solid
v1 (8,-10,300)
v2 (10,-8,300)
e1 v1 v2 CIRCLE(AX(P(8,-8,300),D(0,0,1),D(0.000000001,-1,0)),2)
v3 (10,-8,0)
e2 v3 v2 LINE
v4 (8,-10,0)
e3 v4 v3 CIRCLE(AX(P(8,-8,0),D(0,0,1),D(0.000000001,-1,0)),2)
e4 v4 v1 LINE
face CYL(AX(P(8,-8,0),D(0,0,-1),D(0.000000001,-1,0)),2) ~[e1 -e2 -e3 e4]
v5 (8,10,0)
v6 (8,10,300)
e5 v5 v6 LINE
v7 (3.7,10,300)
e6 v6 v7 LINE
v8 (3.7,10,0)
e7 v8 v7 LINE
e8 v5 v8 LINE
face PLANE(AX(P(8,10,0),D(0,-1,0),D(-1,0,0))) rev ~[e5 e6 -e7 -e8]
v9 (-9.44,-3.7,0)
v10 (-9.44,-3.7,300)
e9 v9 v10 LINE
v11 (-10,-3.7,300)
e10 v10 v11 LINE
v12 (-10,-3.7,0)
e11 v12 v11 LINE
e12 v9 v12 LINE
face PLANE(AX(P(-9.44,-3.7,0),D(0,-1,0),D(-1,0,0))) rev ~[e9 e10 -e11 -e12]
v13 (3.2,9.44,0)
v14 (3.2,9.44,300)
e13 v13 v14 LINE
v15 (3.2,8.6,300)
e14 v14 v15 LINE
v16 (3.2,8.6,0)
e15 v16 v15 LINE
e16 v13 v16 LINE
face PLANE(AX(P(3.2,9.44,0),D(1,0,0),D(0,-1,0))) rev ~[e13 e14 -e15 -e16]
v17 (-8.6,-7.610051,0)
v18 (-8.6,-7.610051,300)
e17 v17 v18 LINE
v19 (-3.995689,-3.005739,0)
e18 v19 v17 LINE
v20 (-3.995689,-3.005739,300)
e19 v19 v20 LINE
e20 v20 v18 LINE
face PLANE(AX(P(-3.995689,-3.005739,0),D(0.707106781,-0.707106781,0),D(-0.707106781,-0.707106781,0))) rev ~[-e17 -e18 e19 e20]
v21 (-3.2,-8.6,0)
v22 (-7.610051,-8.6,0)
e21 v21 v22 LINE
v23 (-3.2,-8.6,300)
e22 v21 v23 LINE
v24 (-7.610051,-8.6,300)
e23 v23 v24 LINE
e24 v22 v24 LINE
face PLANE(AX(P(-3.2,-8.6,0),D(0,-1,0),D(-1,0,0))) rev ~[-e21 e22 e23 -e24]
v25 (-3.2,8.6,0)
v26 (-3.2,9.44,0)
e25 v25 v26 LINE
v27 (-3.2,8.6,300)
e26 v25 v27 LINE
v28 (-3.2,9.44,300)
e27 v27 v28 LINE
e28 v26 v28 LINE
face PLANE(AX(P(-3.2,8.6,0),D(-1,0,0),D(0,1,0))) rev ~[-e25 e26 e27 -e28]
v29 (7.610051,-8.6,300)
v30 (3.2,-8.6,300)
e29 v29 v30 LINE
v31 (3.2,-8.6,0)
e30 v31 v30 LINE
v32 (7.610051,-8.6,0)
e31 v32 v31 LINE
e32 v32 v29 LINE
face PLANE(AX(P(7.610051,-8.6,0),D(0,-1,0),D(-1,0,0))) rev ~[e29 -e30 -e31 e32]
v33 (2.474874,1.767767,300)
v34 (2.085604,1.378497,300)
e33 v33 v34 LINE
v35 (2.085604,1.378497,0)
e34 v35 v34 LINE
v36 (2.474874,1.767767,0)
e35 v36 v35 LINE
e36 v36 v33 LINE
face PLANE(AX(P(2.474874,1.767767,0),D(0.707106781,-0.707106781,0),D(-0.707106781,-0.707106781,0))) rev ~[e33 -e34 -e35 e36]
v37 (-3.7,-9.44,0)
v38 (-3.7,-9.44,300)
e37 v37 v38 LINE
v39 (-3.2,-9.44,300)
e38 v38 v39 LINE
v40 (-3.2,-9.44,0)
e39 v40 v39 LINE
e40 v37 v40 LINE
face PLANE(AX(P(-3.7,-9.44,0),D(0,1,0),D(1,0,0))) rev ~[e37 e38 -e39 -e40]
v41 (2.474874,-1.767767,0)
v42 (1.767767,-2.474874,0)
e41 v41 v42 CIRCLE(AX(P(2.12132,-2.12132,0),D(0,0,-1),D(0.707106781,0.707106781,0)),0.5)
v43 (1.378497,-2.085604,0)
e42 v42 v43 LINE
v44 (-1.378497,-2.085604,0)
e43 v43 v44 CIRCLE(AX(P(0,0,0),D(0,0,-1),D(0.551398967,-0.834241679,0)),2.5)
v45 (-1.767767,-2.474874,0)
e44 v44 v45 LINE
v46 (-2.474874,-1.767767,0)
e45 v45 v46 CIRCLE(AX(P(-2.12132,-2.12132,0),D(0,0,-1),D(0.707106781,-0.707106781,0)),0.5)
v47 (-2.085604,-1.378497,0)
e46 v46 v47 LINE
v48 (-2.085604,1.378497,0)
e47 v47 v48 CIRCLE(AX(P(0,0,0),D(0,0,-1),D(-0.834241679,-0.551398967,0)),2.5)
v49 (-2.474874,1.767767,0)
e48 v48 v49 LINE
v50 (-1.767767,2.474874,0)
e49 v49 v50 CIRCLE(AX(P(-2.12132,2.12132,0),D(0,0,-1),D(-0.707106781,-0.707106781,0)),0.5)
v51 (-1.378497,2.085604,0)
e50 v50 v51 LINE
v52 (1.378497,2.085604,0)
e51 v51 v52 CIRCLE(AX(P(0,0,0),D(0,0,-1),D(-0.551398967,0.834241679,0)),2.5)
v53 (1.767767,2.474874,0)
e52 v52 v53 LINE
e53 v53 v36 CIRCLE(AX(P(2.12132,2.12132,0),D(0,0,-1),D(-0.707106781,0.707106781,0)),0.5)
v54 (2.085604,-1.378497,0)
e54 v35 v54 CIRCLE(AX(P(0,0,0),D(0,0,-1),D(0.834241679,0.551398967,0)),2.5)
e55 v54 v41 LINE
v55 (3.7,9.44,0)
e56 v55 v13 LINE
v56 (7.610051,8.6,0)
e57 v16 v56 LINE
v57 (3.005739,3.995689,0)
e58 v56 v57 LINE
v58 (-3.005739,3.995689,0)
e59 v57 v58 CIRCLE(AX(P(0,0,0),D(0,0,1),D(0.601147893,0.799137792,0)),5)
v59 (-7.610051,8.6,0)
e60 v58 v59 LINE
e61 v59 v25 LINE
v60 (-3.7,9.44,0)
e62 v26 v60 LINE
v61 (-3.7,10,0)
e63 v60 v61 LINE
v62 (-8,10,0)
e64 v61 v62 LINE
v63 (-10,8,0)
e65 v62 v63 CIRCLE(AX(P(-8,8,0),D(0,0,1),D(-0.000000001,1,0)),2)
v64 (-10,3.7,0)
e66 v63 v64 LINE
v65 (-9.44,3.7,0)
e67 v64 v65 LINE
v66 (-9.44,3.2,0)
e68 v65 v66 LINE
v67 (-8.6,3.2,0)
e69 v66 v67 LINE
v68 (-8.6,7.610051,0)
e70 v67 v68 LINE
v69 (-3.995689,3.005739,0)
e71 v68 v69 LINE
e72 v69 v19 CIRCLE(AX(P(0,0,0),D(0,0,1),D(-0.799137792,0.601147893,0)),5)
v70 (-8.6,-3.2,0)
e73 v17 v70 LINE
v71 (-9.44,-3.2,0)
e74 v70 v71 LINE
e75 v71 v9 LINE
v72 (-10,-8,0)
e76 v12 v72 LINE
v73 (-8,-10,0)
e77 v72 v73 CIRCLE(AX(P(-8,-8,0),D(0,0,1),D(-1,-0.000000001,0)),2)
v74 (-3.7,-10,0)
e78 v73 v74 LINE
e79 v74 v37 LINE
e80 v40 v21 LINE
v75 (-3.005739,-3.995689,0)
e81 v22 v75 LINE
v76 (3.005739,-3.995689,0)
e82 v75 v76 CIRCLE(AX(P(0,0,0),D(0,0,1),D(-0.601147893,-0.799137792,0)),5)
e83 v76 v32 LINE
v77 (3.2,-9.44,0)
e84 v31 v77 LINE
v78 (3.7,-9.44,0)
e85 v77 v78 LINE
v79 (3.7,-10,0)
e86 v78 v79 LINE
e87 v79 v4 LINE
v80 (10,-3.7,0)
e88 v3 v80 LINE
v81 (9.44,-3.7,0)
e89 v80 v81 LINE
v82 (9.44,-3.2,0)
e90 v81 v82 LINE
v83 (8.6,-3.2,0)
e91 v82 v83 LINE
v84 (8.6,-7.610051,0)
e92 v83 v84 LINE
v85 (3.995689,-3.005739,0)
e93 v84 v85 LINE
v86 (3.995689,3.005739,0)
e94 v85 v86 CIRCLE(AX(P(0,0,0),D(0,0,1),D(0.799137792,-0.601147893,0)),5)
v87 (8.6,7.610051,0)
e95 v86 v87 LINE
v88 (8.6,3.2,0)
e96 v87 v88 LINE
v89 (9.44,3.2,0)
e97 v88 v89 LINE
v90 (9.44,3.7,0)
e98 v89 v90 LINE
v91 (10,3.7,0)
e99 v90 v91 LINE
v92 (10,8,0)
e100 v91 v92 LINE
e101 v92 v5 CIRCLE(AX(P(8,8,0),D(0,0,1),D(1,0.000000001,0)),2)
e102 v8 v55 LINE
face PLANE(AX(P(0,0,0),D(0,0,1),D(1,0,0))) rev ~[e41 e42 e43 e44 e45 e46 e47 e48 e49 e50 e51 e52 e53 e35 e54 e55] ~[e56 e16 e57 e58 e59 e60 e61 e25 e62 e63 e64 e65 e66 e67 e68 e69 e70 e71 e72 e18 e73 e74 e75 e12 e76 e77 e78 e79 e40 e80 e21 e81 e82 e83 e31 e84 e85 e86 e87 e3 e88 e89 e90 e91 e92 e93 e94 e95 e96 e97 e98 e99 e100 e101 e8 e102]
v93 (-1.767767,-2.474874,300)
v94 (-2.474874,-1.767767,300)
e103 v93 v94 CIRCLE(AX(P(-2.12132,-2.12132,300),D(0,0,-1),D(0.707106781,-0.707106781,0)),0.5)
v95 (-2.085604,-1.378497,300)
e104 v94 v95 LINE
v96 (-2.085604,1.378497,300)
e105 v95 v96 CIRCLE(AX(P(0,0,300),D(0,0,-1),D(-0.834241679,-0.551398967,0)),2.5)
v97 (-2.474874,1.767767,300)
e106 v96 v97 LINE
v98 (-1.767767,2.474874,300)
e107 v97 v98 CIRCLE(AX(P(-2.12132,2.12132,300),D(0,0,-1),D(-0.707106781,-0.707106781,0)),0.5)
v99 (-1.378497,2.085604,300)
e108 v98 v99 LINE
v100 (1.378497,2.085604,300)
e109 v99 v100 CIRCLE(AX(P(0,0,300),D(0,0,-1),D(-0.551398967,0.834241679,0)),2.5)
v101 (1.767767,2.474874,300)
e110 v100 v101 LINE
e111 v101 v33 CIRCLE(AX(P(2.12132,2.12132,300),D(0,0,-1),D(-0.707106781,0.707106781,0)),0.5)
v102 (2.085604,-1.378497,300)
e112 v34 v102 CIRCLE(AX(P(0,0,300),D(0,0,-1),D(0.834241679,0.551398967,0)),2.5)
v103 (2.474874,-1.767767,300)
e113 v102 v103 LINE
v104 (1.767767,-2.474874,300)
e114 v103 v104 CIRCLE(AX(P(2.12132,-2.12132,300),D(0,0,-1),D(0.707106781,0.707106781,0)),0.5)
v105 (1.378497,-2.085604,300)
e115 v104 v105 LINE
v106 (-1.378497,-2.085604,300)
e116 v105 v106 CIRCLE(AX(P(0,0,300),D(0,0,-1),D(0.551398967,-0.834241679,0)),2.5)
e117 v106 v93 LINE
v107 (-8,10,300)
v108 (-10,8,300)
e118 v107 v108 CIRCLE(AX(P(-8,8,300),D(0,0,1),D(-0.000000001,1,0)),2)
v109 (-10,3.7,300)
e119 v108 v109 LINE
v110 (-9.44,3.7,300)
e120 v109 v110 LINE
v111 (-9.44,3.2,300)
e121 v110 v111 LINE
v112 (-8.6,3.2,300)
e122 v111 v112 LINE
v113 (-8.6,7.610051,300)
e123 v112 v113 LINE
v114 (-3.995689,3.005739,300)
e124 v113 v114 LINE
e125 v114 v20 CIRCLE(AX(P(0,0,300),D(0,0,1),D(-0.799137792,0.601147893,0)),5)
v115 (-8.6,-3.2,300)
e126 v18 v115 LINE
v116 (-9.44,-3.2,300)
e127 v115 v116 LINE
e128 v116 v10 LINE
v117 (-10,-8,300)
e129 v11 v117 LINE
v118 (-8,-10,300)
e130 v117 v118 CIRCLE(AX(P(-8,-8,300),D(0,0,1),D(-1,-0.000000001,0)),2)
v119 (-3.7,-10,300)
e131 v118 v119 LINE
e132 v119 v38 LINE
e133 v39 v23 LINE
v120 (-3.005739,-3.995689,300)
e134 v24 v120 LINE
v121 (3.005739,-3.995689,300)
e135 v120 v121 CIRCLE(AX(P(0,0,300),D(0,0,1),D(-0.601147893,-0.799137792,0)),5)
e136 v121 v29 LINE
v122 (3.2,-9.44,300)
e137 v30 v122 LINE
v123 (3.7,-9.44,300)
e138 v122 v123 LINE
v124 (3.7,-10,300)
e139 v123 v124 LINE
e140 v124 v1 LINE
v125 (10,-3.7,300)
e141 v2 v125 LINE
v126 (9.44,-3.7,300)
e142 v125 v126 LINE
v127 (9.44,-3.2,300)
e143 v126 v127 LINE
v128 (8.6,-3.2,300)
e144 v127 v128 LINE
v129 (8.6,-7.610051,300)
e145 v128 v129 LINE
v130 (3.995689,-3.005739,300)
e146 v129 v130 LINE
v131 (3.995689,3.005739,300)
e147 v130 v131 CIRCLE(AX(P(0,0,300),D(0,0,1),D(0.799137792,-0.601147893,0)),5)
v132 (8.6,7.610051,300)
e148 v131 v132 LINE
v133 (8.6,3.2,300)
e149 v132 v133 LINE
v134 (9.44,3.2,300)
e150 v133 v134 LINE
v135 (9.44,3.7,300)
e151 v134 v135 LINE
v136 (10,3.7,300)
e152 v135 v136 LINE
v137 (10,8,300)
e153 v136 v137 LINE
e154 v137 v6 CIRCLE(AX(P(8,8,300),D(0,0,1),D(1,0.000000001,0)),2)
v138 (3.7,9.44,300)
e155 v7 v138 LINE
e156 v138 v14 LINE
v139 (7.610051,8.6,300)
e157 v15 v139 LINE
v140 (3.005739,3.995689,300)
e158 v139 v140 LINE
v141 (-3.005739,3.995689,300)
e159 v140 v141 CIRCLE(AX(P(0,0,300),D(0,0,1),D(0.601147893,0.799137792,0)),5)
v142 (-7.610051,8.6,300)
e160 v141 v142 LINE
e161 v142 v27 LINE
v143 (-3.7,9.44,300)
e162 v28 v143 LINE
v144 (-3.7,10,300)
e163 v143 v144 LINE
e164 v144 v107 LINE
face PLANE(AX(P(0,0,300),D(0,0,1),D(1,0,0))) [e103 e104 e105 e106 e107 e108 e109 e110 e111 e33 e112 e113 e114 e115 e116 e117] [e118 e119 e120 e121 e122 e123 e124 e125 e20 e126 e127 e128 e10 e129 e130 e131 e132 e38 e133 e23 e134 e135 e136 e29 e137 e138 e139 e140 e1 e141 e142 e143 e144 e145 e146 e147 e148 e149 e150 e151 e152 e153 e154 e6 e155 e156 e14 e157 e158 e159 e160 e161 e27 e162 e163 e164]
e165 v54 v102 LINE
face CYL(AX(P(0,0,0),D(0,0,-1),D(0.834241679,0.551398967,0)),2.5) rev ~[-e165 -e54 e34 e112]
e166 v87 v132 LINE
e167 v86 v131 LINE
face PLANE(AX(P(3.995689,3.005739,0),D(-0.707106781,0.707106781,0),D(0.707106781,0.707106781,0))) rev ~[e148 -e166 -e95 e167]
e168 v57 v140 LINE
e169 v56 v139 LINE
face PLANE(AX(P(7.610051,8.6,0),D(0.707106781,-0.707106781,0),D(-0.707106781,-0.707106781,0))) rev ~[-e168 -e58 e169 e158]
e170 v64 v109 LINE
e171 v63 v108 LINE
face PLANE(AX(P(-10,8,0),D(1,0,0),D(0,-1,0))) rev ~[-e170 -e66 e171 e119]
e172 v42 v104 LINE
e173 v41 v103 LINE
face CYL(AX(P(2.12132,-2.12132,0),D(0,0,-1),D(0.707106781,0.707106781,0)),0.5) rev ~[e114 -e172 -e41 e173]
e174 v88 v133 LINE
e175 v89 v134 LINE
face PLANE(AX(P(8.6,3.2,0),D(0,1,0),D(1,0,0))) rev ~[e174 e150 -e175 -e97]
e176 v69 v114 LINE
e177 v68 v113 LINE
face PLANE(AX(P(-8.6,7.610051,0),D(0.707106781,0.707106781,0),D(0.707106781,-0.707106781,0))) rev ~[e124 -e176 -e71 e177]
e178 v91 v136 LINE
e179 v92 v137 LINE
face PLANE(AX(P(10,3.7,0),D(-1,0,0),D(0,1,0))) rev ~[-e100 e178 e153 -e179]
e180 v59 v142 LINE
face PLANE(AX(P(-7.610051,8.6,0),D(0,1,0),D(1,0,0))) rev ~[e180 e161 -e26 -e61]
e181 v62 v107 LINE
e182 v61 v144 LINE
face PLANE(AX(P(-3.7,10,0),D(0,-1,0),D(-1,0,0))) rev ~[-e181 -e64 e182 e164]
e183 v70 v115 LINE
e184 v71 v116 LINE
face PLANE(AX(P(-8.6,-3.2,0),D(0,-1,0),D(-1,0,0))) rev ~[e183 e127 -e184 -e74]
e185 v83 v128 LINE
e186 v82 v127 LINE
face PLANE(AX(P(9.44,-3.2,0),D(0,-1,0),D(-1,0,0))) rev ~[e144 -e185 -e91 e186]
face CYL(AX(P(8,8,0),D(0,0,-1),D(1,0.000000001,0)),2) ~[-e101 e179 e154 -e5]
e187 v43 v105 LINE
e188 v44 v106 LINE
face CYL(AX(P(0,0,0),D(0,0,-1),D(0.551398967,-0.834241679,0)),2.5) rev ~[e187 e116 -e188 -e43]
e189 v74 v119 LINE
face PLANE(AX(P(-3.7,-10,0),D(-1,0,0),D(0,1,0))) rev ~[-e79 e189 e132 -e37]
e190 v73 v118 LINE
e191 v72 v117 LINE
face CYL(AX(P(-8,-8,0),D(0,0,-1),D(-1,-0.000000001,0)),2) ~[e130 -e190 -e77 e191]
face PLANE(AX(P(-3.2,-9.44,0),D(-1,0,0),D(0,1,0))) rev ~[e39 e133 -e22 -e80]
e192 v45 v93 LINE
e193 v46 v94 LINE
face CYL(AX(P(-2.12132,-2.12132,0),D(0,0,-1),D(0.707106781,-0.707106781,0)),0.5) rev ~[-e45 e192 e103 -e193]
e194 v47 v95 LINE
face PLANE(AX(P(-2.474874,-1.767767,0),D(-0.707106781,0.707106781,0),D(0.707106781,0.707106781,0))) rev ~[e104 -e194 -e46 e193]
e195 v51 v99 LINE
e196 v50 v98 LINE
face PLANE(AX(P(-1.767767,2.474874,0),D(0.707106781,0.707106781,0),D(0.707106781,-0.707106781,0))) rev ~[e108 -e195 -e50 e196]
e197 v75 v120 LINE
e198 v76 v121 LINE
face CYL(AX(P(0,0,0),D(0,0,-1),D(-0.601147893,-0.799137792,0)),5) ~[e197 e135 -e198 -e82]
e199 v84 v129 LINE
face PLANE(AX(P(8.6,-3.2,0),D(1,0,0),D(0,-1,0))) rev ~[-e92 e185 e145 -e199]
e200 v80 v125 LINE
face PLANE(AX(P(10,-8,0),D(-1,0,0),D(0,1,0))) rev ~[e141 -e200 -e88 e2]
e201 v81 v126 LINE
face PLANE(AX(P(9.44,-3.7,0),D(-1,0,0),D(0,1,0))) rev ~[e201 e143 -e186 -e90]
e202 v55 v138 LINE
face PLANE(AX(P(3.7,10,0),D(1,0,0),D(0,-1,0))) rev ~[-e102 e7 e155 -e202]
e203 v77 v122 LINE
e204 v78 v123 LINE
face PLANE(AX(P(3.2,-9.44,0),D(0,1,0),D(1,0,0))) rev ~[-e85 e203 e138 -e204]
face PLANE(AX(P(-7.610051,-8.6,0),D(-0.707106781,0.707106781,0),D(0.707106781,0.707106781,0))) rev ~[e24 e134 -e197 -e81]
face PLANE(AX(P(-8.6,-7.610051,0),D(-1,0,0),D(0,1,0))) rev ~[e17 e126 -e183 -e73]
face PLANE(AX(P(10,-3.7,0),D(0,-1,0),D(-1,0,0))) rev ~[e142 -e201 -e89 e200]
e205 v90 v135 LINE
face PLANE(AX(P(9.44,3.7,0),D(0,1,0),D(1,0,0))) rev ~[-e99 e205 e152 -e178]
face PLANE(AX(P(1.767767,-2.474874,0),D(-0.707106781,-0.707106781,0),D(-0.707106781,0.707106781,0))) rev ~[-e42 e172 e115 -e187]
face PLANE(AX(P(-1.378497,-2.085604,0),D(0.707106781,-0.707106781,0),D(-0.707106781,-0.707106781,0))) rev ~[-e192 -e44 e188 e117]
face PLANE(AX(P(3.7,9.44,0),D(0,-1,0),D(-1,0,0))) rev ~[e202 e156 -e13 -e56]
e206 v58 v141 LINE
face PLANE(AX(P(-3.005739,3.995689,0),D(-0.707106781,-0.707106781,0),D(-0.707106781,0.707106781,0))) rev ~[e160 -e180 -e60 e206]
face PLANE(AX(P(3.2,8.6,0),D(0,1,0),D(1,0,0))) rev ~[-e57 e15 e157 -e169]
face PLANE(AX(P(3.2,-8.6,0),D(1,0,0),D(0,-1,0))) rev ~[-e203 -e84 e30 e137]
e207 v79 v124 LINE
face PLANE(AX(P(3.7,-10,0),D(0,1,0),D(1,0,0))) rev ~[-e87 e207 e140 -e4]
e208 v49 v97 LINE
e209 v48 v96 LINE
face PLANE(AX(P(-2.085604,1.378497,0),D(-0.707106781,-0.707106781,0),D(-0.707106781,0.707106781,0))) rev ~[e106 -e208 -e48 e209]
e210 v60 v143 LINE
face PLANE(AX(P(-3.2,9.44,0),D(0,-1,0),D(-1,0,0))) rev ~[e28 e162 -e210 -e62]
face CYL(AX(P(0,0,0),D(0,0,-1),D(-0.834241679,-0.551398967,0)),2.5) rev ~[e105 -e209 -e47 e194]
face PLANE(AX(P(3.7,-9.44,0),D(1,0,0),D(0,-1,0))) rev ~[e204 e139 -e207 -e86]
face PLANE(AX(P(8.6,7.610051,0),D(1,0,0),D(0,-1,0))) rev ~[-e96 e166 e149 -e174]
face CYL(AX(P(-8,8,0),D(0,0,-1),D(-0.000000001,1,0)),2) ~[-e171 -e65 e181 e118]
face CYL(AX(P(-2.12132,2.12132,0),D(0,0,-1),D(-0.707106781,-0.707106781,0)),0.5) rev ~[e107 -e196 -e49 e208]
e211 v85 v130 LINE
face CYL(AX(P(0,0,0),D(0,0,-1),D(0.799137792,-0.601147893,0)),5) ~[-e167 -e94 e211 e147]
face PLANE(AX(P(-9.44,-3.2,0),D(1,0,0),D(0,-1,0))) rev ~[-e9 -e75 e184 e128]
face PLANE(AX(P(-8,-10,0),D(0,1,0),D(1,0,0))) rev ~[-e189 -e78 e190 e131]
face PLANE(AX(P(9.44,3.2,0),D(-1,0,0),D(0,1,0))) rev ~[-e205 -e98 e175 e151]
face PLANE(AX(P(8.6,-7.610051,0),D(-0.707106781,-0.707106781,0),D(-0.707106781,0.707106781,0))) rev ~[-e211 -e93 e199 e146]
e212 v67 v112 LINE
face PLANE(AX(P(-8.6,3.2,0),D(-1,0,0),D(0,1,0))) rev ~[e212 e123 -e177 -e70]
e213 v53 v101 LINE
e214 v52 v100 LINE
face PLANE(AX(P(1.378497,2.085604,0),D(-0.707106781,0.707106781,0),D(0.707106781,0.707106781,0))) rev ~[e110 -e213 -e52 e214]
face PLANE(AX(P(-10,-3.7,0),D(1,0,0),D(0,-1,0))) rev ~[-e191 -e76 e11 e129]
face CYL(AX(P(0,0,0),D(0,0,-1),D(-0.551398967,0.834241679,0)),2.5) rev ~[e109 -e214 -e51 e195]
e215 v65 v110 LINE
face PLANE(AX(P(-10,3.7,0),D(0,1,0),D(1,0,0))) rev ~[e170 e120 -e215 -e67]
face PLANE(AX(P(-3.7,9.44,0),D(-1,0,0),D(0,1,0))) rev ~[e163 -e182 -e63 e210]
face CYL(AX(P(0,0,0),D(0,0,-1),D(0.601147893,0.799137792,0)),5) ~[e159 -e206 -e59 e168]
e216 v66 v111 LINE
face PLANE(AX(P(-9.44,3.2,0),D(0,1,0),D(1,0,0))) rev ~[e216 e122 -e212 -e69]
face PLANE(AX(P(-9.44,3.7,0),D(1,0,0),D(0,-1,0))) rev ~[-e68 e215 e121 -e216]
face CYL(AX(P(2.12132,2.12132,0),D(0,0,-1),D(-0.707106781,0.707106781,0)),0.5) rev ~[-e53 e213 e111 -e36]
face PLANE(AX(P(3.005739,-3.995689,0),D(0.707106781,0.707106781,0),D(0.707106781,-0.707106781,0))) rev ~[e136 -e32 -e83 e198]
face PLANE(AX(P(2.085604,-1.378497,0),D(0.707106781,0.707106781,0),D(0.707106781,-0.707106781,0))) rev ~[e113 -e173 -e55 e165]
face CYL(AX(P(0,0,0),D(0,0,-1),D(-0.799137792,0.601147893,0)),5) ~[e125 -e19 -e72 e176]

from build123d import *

# Parameters (mm, degrees)
Y_KSEKLIK_EKSTR_ZYON1_DEPTH = 300


with BuildPart() as part:
    # Çizim1 → Yükseklik-Ekstrüzyon1 (new body)
    with BuildSketch(Plane.XY):
        with BuildLine():
            Line((8.6, 7.610050506), (8.6, 3.2))
            Line((8.6, 3.2), (9.44, 3.2))
            Line((9.44, 3.2), (9.44, 3.7))
            Line((9.44, 3.7), (10, 3.7))
            Line((10, 3.7), (10, 8))
            ThreePointArc((10, 8), (9.414213562, 9.414213562), (8, 10))
            Line((8, 10), (3.7, 10))
            Line((3.7, 10), (3.7, 9.44))
            Line((3.7, 9.44), (3.2, 9.44))
            Line((3.2, 9.44), (3.2, 8.6))
            Line((3.2, 8.6), (7.610050506, 8.6))
            Line((7.610050506, 8.6), (3.005739466, 3.99568896))
            ThreePointArc((3.005739466, 3.99568896), (0, 5), (-3.005739466, 3.99568896))
            Line((-3.005739466, 3.99568896), (-7.610050506, 8.6))
            Line((-7.610050506, 8.6), (-3.2, 8.6))
            Line((-3.2, 8.6), (-3.2, 9.44))
            Line((-3.2, 9.44), (-3.7, 9.44))
            Line((-3.7, 9.44), (-3.7, 10))
            Line((-3.7, 10), (-8, 10))
            ThreePointArc((-8, 10), (-9.414213562, 9.414213562), (-10, 8))
            Line((-10, 8), (-10, 3.7))
            Line((-10, 3.7), (-9.44, 3.7))
            Line((-9.44, 3.7), (-9.44, 3.2))
            Line((-9.44, 3.2), (-8.6, 3.2))
            Line((-8.6, 3.2), (-8.6, 7.610050506))
            Line((-8.6, 7.610050506), (-3.99568896, 3.005739466))
            ThreePointArc((-3.99568896, 3.005739466), (-5, 0), (-3.99568896, -3.005739466))
            Line((-3.99568896, -3.005739466), (-8.6, -7.610050506))
            Line((-8.6, -7.610050506), (-8.6, -3.2))
            Line((-8.6, -3.2), (-9.44, -3.2))
            Line((-9.44, -3.2), (-9.44, -3.7))
            Line((-9.44, -3.7), (-10, -3.7))
            Line((-10, -3.7), (-10, -8))
            ThreePointArc((-10, -8), (-9.414213562, -9.414213562), (-8, -10))
            Line((-8, -10), (-3.7, -10))
            Line((-3.7, -10), (-3.7, -9.44))
            Line((-3.7, -9.44), (-3.2, -9.44))
            Line((-3.2, -9.44), (-3.2, -8.6))
            Line((-3.2, -8.6), (-7.610050506, -8.6))
            Line((-7.610050506, -8.6), (-3.005739466, -3.99568896))
            ThreePointArc((-3.005739466, -3.99568896), (0, -5), (3.005739466, -3.99568896))
            Line((3.005739466, -3.99568896), (7.610050506, -8.6))
            Line((7.610050506, -8.6), (3.2, -8.6))
            Line((3.2, -8.6), (3.2, -9.44))
            Line((3.2, -9.44), (3.7, -9.44))
            Line((3.7, -9.44), (3.7, -10))
            Line((3.7, -10), (8, -10))
            ThreePointArc((8, -10), (9.414213562, -9.414213562), (10, -8))
            Line((10, -8), (10, -3.7))
            Line((10, -3.7), (9.44, -3.7))
            Line((9.44, -3.7), (9.44, -3.2))
            Line((9.44, -3.2), (8.6, -3.2))
            Line((8.6, -3.2), (8.6, -7.610050506))
            Line((8.6, -7.610050506), (3.99568896, -3.005739466))
            ThreePointArc((3.99568896, -3.005739466), (5, 0), (3.99568896, 3.005739466))
            Line((3.99568896, 3.005739466), (8.6, 7.610050506))
        make_face()
        with BuildLine():
            Line((2.474873734, 1.767766953), (2.085604198, 1.378497417))
            ThreePointArc((2.085604198, 1.378497417), (2.5, 0), (2.085604198, -1.378497417))
            Line((2.085604198, -1.378497417), (2.474873734, -1.767766953))
            ThreePointArc((2.474873734, -1.767766953), (2.474873734, -2.474873734), (1.767766953, -2.474873734))
            Line((1.767766953, -2.474873734), (1.378497417, -2.085604198))
            ThreePointArc((1.378497417, -2.085604198), (0, -2.5), (-1.378497417, -2.085604198))
            Line((-1.378497417, -2.085604198), (-1.767766953, -2.474873734))
            ThreePointArc((-1.767766953, -2.474873734), (-2.474873734, -2.474873734), (-2.474873734, -1.767766953))
            Line((-2.474873734, -1.767766953), (-2.085604198, -1.378497417))
            ThreePointArc((-2.085604198, -1.378497417), (-2.5, 0), (-2.085604198, 1.378497417))
            Line((-2.085604198, 1.378497417), (-2.474873734, 1.767766953))
            ThreePointArc((-2.474873734, 1.767766953), (-2.474873734, 2.474873734), (-1.767766953, 2.474873734))
            Line((-1.767766953, 2.474873734), (-1.378497417, 2.085604198))
            ThreePointArc((-1.378497417, 2.085604198), (0, 2.5), (1.378497417, 2.085604198))
            Line((1.378497417, 2.085604198), (1.767766953, 2.474873734))
            ThreePointArc((1.767766953, 2.474873734), (2.474873734, 2.474873734), (2.474873734, 1.767766953))
        make_face(mode=Mode.SUBTRACT)
    extrude(amount=Y_KSEKLIK_EKSTR_ZYON1_DEPTH)


solid = part.part
